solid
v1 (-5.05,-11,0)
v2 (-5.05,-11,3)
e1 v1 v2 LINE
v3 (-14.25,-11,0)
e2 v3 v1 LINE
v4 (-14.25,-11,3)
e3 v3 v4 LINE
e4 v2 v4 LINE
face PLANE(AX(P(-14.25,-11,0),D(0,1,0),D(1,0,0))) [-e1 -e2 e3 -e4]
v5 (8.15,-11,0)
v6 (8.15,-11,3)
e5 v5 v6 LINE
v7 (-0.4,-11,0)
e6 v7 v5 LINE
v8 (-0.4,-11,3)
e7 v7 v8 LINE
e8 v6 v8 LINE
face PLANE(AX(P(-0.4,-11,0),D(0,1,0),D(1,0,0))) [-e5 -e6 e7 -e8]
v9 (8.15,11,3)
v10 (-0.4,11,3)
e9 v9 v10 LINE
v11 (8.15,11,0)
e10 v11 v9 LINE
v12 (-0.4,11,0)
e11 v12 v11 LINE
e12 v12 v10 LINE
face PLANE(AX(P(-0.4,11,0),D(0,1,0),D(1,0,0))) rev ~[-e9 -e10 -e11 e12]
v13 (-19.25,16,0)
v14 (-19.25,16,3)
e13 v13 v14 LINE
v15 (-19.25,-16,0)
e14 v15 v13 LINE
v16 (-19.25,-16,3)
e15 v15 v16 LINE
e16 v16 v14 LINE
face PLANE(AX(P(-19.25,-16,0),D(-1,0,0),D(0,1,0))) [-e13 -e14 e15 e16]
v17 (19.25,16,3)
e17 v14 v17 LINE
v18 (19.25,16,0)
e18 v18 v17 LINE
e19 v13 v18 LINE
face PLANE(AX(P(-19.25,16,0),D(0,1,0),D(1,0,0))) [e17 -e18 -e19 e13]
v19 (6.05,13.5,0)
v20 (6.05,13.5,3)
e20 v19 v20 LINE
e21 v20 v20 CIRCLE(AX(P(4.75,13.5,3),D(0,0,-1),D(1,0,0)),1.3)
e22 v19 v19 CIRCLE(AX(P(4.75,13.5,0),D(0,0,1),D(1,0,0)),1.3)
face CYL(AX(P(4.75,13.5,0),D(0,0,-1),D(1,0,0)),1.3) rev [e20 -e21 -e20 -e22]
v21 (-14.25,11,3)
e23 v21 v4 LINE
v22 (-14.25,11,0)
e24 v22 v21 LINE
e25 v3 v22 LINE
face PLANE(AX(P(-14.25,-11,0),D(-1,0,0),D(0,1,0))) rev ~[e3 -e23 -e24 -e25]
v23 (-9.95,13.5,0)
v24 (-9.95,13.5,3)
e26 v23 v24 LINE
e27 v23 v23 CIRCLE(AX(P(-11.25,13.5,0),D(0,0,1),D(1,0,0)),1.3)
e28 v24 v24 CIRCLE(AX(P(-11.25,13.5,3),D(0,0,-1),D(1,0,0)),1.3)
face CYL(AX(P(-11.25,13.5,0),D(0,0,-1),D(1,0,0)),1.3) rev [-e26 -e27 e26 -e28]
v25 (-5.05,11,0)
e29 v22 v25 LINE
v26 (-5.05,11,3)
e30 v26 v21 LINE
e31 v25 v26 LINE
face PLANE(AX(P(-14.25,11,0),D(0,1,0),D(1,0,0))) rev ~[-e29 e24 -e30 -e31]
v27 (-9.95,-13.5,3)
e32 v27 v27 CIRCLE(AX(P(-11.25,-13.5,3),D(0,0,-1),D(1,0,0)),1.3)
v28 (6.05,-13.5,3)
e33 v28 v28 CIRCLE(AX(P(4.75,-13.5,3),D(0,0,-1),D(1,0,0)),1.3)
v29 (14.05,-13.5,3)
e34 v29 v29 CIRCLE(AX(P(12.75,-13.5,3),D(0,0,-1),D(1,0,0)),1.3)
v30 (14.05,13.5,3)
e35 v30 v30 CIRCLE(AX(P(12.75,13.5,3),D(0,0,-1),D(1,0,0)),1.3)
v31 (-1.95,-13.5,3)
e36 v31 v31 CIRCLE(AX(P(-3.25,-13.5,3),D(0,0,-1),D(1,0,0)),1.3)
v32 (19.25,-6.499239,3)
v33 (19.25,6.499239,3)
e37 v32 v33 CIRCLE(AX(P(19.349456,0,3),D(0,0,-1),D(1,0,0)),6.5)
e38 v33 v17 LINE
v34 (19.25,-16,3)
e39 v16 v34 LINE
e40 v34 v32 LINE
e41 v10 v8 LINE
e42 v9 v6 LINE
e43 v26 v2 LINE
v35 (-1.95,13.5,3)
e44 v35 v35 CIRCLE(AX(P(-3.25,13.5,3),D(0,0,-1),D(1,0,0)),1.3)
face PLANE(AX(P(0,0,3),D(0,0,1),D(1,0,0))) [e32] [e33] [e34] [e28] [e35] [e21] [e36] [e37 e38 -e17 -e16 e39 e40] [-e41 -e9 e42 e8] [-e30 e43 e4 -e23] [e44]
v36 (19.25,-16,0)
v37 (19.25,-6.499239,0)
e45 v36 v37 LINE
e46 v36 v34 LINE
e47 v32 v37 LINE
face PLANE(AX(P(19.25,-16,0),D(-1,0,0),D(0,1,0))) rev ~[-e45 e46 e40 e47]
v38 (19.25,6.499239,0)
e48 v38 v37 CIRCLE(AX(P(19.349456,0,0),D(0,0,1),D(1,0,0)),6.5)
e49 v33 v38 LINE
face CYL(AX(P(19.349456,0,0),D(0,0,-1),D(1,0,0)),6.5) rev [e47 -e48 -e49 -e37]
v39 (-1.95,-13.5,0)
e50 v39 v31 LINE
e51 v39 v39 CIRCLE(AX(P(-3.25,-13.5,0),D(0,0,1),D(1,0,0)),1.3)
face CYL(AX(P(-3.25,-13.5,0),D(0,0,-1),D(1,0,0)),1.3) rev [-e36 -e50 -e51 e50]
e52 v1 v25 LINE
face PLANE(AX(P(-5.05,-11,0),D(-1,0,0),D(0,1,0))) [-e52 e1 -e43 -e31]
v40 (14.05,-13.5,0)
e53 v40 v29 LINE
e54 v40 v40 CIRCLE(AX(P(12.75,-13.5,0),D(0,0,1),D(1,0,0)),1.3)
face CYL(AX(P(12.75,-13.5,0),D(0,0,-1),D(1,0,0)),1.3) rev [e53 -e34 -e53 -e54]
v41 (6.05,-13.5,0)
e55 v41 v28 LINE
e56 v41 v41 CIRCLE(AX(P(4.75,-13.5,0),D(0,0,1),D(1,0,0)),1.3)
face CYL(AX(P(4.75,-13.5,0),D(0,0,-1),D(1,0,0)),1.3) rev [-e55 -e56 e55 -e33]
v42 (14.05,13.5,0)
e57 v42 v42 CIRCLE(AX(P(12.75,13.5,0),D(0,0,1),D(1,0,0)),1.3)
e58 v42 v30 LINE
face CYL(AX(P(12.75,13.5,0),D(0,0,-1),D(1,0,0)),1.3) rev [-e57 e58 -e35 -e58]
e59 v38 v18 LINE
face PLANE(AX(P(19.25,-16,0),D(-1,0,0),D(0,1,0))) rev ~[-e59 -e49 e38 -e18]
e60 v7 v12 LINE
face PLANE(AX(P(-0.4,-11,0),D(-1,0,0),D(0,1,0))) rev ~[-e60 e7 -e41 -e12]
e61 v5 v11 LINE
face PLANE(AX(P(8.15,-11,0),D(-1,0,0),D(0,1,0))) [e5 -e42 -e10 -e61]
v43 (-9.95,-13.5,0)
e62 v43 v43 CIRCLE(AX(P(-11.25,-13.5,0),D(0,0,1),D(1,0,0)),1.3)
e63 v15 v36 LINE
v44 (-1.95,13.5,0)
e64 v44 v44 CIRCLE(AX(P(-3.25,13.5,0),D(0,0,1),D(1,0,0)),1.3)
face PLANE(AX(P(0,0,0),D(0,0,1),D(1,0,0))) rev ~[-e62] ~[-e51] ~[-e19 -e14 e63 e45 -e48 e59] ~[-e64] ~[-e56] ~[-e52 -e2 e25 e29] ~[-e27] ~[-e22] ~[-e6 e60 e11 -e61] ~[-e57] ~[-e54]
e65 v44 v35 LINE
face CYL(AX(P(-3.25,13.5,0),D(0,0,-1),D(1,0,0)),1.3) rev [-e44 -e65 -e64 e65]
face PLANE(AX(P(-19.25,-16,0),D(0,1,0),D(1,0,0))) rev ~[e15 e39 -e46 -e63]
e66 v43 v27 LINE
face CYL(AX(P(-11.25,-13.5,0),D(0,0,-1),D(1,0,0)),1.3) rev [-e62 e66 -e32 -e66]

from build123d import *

# Parameters (mm, degrees)
F0_W     = 38.5
F0_H     = 32
F1_DEPTH = 3
F2_W     = 9.2
F2_H     = 22
F2_R     = 6.5
F2_W_2   = 8.55
F2_R_2   = 1.3
F3_DEPTH = 3.001


with BuildPart() as f1:
    # F0 (on Top) → F1 (new body)
    with BuildSketch(Plane.XY):
        Rectangle(F0_W, F0_H)
    extrude(amount=F1_DEPTH)

    # F2 (on Top) → F3 (cut, through all)
    with BuildSketch(Plane.XY):
        with Locations((-9.65, 0)):
            Rectangle(F2_W, F2_H)
        with Locations((19.349456, 0)):
            Circle(F2_R)
        with Locations((3.875, 0)):
            Rectangle(F2_W_2, F2_H)
        with Locations((-11.25, -13.5)):
            Circle(F2_R_2)
        with Locations((-3.25, -13.5)):
            Circle(F2_R_2)
        with Locations((4.75, -13.5)):
            Circle(F2_R_2)
        with Locations((12.75, -13.5)):
            Circle(F2_R_2)
        with Locations((-11.25, 13.5)):
            Circle(F2_R_2)
        with Locations((-3.25, 13.5)):
            Circle(F2_R_2)
        with Locations((4.75, 13.5)):
            Circle(F2_R_2)
        with Locations((12.75, 13.5)):
            Circle(F2_R_2)
    extrude(amount=F3_DEPTH, mode=Mode.SUBTRACT)


solid = f1.part
